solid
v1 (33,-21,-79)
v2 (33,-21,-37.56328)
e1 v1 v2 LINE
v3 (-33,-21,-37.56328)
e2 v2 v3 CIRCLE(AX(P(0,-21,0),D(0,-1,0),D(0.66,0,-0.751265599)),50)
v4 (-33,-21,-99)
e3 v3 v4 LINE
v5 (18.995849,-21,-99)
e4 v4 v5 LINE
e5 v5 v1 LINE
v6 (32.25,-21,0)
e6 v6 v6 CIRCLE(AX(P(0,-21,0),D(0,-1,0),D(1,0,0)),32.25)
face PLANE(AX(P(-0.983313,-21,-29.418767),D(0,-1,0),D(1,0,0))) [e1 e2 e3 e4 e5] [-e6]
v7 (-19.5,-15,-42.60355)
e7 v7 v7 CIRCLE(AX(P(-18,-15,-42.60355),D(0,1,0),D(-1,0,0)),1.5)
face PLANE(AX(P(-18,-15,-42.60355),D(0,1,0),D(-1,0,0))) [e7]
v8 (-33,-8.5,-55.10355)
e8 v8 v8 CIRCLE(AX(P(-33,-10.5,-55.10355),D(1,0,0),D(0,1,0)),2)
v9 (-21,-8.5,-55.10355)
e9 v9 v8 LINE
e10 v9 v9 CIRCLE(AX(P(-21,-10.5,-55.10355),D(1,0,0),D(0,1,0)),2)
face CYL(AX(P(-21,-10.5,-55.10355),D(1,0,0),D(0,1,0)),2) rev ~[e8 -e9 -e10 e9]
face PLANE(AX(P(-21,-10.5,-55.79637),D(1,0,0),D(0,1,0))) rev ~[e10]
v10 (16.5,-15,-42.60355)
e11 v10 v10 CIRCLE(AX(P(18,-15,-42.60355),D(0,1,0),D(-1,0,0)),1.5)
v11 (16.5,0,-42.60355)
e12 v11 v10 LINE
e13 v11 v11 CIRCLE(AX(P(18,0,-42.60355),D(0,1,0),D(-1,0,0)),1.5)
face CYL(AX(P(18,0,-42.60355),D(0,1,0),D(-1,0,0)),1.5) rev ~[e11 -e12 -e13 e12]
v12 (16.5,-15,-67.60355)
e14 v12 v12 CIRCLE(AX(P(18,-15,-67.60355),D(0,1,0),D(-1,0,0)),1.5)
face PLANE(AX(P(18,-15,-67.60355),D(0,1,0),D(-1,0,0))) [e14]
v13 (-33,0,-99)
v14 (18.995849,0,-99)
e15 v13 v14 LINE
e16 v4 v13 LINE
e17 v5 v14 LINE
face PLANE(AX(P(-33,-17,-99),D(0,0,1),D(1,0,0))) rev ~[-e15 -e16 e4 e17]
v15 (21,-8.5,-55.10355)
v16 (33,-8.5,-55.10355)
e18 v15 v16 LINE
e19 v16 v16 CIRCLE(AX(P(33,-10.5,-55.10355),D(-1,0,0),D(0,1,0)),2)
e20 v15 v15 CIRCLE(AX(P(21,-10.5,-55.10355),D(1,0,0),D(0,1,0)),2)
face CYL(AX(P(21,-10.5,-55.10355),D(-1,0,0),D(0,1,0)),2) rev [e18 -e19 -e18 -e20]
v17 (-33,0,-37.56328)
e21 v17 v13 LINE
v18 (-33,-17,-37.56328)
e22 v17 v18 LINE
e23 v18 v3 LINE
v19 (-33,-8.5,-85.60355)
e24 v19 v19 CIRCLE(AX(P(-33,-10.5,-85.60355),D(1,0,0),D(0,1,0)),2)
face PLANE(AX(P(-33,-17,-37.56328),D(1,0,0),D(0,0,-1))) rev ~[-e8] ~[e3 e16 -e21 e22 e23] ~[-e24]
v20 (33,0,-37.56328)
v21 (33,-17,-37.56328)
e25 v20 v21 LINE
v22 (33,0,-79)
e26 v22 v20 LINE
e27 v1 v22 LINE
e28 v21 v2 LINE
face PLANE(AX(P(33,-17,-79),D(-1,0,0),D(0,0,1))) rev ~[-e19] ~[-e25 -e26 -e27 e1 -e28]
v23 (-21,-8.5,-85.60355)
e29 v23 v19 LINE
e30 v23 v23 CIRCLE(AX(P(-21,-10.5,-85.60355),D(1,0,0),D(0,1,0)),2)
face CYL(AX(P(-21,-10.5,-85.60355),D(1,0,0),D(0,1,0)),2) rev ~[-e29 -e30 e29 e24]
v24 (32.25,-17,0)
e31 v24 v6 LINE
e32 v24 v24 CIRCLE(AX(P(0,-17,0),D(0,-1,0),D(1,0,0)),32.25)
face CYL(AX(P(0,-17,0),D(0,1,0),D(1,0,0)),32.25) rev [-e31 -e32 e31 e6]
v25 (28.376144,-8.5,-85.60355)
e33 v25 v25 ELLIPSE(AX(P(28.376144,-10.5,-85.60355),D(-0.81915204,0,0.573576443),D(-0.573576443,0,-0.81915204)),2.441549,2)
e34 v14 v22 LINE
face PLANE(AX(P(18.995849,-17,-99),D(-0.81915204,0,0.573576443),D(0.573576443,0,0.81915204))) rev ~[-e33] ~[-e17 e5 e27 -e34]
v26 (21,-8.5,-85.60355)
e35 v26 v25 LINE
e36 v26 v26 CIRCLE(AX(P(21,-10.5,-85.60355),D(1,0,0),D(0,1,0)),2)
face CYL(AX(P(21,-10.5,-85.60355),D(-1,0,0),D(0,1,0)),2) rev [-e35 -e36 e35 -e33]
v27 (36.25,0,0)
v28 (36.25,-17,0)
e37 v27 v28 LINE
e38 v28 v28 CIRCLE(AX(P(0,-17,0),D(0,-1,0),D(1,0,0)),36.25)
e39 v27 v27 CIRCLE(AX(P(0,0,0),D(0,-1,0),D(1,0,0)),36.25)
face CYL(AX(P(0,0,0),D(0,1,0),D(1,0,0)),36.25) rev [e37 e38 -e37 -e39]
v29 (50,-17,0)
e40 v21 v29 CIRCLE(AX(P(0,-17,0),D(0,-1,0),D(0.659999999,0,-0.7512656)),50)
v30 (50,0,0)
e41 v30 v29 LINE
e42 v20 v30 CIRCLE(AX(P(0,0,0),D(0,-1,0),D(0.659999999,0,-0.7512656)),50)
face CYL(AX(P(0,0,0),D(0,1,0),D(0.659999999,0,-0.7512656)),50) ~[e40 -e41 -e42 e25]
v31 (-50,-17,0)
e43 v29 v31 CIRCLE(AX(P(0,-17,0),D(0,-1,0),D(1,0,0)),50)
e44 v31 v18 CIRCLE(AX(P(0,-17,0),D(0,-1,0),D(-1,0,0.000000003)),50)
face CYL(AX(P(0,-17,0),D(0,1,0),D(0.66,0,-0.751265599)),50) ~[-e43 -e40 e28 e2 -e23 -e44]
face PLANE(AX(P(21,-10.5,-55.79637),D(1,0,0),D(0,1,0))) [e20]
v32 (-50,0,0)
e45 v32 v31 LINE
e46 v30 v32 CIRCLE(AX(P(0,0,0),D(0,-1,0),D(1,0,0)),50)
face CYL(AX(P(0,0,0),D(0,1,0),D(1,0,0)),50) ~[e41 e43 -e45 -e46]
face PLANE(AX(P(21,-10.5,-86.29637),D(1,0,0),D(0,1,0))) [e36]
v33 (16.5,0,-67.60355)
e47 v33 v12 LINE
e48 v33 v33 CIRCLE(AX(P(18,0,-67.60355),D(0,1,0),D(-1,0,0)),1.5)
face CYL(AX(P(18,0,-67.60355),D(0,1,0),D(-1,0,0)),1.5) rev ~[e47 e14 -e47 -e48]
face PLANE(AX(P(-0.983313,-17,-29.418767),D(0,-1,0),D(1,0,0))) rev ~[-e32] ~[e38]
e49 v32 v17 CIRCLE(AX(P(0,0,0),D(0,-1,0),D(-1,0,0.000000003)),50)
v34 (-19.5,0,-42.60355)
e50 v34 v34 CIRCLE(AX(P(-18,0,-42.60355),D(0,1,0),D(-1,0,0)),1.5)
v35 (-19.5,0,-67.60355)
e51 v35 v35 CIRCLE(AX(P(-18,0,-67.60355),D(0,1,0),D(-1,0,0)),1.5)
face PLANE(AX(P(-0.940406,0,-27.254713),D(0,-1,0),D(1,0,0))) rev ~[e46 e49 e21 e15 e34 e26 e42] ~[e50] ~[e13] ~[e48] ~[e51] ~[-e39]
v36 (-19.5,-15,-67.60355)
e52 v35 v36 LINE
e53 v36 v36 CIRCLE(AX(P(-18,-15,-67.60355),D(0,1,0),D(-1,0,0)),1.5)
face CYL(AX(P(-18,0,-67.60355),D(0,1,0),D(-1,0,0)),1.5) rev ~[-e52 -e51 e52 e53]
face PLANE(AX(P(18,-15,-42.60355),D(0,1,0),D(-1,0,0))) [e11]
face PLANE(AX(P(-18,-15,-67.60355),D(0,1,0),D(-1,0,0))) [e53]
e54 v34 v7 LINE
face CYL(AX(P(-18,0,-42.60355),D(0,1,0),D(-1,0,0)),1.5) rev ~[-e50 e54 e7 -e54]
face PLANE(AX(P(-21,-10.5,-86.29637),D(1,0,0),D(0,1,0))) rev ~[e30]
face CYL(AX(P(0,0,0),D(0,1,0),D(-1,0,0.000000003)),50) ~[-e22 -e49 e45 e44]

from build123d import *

# Parameters (mm, degrees)
F0_R      = 36.25
F1_DEPTH  = 17
F2_R      = 32.25
F3_DEPTH  = 4
F4_R      = 1.5
F5_DEPTH  = 15
F8_DEPTH  = 25
F11_DEPTH = 25


with BuildPart() as f1:
    # F0 (on Front) → F1 (new body)
    with BuildSketch(Plane.XZ):
        with BuildLine():
            ThreePointArc((33, -37.56328), (45.552168, -20.615528), (50, 0))
            ThreePointArc((50, 0), (0, 50), (-50, 0))
            ThreePointArc((-50, 0), (-45.552168, -20.615528), (-33, -37.56328))
            Line((-33, -37.56328), (-33, -79))
            Line((-33, -79), (-33, -99))
            Line((-33, -99), (-18.995849, -99))
            Line((-18.995849, -99), (0, -99))
            Line((0, -99), (18.995849, -99))
            Line((18.995849, -99), (33, -79))
            Line((33, -79), (33, -37.56328))
        make_face()
        Circle(F0_R, mode=Mode.SUBTRACT)
    extrude(amount=F1_DEPTH)

    # F2 (on face) → F3 (join)
    with BuildSketch(Plane.XZ.offset(17)):
        with BuildLine():
            Line((33, -79), (33, -37.56328))
            ThreePointArc((33, -37.56328), (0, 50), (-33, -37.56328))
            Line((-33, -37.56328), (-33, -99))
            Line((-33, -99), (18.995849, -99))
            Line((18.995849, -99), (33, -79))
        make_face()
        Circle(F2_R, mode=Mode.SUBTRACT)
    extrude(amount=F3_DEPTH)

    # F4 (on face) → F5 (cut)
    with BuildSketch(Plane(origin=(0, 0, 0), x_dir=(-1, 0, 0), z_dir=(0, 1, 0))):
        with Locations((-18, -42.60355)):
            Circle(F4_R)
        with Locations((18, -42.60355)):
            Circle(F4_R)
        with Locations((18, -67.60355)):
            Circle(F4_R)
        with Locations((-18, -67.60355)):
            Circle(F4_R)
    extrude(amount=-F5_DEPTH, mode=Mode.SUBTRACT)

    # F7 (on offset) → F8 (cut)
    with BuildSketch(Plane.YZ.offset(21)):
        with BuildLine():
            ThreePointArc((-12.5, -85.60355), (-10.5, -87.60355), (-8.5, -85.60355))
            Line((-8.5, -85.60355), (-12.5, -85.60355))
        make_face()
        with BuildLine():
            Line((-12.5, -85.60355), (-8.5, -85.60355))
            ThreePointArc((-8.5, -85.60355), (-10.5, -83.60355), (-12.5, -85.60355))
        make_face()
        with BuildLine():
            ThreePointArc((-12.5, -55.10355), (-10.5, -57.10355), (-8.5, -55.10355))
            Line((-8.5, -55.10355), (-12.5, -55.10355))
        make_face()
        with BuildLine():
            Line((-12.5, -55.10355), (-8.5, -55.10355))
            ThreePointArc((-8.5, -55.10355), (-10.5, -53.10355), (-12.5, -55.10355))
        make_face()
    extrude(amount=F8_DEPTH, mode=Mode.SUBTRACT)

    # F10 (on offset) → F11 (cut)
    with BuildSketch(Plane.YZ.offset(-21)):
        with BuildLine():
            ThreePointArc((-12.5, -85.60355), (-10.5, -87.60355), (-8.5, -85.60355))
            Line((-8.5, -85.60355), (-12.5, -85.60355))
        make_face()
        with BuildLine():
            Line((-12.5, -85.60355), (-8.5, -85.60355))
            ThreePointArc((-8.5, -85.60355), (-10.5, -83.60355), (-12.5, -85.60355))
        make_face()
        with BuildLine():
            ThreePointArc((-12.5, -55.10355), (-10.5, -57.10355), (-8.5, -55.10355))
            Line((-8.5, -55.10355), (-12.5, -55.10355))
        make_face()
        with BuildLine():
            Line((-12.5, -55.10355), (-8.5, -55.10355))
            ThreePointArc((-8.5, -55.10355), (-10.5, -53.10355), (-12.5, -55.10355))
        make_face()
    extrude(amount=-F11_DEPTH, mode=Mode.SUBTRACT)


solid = f1.part
